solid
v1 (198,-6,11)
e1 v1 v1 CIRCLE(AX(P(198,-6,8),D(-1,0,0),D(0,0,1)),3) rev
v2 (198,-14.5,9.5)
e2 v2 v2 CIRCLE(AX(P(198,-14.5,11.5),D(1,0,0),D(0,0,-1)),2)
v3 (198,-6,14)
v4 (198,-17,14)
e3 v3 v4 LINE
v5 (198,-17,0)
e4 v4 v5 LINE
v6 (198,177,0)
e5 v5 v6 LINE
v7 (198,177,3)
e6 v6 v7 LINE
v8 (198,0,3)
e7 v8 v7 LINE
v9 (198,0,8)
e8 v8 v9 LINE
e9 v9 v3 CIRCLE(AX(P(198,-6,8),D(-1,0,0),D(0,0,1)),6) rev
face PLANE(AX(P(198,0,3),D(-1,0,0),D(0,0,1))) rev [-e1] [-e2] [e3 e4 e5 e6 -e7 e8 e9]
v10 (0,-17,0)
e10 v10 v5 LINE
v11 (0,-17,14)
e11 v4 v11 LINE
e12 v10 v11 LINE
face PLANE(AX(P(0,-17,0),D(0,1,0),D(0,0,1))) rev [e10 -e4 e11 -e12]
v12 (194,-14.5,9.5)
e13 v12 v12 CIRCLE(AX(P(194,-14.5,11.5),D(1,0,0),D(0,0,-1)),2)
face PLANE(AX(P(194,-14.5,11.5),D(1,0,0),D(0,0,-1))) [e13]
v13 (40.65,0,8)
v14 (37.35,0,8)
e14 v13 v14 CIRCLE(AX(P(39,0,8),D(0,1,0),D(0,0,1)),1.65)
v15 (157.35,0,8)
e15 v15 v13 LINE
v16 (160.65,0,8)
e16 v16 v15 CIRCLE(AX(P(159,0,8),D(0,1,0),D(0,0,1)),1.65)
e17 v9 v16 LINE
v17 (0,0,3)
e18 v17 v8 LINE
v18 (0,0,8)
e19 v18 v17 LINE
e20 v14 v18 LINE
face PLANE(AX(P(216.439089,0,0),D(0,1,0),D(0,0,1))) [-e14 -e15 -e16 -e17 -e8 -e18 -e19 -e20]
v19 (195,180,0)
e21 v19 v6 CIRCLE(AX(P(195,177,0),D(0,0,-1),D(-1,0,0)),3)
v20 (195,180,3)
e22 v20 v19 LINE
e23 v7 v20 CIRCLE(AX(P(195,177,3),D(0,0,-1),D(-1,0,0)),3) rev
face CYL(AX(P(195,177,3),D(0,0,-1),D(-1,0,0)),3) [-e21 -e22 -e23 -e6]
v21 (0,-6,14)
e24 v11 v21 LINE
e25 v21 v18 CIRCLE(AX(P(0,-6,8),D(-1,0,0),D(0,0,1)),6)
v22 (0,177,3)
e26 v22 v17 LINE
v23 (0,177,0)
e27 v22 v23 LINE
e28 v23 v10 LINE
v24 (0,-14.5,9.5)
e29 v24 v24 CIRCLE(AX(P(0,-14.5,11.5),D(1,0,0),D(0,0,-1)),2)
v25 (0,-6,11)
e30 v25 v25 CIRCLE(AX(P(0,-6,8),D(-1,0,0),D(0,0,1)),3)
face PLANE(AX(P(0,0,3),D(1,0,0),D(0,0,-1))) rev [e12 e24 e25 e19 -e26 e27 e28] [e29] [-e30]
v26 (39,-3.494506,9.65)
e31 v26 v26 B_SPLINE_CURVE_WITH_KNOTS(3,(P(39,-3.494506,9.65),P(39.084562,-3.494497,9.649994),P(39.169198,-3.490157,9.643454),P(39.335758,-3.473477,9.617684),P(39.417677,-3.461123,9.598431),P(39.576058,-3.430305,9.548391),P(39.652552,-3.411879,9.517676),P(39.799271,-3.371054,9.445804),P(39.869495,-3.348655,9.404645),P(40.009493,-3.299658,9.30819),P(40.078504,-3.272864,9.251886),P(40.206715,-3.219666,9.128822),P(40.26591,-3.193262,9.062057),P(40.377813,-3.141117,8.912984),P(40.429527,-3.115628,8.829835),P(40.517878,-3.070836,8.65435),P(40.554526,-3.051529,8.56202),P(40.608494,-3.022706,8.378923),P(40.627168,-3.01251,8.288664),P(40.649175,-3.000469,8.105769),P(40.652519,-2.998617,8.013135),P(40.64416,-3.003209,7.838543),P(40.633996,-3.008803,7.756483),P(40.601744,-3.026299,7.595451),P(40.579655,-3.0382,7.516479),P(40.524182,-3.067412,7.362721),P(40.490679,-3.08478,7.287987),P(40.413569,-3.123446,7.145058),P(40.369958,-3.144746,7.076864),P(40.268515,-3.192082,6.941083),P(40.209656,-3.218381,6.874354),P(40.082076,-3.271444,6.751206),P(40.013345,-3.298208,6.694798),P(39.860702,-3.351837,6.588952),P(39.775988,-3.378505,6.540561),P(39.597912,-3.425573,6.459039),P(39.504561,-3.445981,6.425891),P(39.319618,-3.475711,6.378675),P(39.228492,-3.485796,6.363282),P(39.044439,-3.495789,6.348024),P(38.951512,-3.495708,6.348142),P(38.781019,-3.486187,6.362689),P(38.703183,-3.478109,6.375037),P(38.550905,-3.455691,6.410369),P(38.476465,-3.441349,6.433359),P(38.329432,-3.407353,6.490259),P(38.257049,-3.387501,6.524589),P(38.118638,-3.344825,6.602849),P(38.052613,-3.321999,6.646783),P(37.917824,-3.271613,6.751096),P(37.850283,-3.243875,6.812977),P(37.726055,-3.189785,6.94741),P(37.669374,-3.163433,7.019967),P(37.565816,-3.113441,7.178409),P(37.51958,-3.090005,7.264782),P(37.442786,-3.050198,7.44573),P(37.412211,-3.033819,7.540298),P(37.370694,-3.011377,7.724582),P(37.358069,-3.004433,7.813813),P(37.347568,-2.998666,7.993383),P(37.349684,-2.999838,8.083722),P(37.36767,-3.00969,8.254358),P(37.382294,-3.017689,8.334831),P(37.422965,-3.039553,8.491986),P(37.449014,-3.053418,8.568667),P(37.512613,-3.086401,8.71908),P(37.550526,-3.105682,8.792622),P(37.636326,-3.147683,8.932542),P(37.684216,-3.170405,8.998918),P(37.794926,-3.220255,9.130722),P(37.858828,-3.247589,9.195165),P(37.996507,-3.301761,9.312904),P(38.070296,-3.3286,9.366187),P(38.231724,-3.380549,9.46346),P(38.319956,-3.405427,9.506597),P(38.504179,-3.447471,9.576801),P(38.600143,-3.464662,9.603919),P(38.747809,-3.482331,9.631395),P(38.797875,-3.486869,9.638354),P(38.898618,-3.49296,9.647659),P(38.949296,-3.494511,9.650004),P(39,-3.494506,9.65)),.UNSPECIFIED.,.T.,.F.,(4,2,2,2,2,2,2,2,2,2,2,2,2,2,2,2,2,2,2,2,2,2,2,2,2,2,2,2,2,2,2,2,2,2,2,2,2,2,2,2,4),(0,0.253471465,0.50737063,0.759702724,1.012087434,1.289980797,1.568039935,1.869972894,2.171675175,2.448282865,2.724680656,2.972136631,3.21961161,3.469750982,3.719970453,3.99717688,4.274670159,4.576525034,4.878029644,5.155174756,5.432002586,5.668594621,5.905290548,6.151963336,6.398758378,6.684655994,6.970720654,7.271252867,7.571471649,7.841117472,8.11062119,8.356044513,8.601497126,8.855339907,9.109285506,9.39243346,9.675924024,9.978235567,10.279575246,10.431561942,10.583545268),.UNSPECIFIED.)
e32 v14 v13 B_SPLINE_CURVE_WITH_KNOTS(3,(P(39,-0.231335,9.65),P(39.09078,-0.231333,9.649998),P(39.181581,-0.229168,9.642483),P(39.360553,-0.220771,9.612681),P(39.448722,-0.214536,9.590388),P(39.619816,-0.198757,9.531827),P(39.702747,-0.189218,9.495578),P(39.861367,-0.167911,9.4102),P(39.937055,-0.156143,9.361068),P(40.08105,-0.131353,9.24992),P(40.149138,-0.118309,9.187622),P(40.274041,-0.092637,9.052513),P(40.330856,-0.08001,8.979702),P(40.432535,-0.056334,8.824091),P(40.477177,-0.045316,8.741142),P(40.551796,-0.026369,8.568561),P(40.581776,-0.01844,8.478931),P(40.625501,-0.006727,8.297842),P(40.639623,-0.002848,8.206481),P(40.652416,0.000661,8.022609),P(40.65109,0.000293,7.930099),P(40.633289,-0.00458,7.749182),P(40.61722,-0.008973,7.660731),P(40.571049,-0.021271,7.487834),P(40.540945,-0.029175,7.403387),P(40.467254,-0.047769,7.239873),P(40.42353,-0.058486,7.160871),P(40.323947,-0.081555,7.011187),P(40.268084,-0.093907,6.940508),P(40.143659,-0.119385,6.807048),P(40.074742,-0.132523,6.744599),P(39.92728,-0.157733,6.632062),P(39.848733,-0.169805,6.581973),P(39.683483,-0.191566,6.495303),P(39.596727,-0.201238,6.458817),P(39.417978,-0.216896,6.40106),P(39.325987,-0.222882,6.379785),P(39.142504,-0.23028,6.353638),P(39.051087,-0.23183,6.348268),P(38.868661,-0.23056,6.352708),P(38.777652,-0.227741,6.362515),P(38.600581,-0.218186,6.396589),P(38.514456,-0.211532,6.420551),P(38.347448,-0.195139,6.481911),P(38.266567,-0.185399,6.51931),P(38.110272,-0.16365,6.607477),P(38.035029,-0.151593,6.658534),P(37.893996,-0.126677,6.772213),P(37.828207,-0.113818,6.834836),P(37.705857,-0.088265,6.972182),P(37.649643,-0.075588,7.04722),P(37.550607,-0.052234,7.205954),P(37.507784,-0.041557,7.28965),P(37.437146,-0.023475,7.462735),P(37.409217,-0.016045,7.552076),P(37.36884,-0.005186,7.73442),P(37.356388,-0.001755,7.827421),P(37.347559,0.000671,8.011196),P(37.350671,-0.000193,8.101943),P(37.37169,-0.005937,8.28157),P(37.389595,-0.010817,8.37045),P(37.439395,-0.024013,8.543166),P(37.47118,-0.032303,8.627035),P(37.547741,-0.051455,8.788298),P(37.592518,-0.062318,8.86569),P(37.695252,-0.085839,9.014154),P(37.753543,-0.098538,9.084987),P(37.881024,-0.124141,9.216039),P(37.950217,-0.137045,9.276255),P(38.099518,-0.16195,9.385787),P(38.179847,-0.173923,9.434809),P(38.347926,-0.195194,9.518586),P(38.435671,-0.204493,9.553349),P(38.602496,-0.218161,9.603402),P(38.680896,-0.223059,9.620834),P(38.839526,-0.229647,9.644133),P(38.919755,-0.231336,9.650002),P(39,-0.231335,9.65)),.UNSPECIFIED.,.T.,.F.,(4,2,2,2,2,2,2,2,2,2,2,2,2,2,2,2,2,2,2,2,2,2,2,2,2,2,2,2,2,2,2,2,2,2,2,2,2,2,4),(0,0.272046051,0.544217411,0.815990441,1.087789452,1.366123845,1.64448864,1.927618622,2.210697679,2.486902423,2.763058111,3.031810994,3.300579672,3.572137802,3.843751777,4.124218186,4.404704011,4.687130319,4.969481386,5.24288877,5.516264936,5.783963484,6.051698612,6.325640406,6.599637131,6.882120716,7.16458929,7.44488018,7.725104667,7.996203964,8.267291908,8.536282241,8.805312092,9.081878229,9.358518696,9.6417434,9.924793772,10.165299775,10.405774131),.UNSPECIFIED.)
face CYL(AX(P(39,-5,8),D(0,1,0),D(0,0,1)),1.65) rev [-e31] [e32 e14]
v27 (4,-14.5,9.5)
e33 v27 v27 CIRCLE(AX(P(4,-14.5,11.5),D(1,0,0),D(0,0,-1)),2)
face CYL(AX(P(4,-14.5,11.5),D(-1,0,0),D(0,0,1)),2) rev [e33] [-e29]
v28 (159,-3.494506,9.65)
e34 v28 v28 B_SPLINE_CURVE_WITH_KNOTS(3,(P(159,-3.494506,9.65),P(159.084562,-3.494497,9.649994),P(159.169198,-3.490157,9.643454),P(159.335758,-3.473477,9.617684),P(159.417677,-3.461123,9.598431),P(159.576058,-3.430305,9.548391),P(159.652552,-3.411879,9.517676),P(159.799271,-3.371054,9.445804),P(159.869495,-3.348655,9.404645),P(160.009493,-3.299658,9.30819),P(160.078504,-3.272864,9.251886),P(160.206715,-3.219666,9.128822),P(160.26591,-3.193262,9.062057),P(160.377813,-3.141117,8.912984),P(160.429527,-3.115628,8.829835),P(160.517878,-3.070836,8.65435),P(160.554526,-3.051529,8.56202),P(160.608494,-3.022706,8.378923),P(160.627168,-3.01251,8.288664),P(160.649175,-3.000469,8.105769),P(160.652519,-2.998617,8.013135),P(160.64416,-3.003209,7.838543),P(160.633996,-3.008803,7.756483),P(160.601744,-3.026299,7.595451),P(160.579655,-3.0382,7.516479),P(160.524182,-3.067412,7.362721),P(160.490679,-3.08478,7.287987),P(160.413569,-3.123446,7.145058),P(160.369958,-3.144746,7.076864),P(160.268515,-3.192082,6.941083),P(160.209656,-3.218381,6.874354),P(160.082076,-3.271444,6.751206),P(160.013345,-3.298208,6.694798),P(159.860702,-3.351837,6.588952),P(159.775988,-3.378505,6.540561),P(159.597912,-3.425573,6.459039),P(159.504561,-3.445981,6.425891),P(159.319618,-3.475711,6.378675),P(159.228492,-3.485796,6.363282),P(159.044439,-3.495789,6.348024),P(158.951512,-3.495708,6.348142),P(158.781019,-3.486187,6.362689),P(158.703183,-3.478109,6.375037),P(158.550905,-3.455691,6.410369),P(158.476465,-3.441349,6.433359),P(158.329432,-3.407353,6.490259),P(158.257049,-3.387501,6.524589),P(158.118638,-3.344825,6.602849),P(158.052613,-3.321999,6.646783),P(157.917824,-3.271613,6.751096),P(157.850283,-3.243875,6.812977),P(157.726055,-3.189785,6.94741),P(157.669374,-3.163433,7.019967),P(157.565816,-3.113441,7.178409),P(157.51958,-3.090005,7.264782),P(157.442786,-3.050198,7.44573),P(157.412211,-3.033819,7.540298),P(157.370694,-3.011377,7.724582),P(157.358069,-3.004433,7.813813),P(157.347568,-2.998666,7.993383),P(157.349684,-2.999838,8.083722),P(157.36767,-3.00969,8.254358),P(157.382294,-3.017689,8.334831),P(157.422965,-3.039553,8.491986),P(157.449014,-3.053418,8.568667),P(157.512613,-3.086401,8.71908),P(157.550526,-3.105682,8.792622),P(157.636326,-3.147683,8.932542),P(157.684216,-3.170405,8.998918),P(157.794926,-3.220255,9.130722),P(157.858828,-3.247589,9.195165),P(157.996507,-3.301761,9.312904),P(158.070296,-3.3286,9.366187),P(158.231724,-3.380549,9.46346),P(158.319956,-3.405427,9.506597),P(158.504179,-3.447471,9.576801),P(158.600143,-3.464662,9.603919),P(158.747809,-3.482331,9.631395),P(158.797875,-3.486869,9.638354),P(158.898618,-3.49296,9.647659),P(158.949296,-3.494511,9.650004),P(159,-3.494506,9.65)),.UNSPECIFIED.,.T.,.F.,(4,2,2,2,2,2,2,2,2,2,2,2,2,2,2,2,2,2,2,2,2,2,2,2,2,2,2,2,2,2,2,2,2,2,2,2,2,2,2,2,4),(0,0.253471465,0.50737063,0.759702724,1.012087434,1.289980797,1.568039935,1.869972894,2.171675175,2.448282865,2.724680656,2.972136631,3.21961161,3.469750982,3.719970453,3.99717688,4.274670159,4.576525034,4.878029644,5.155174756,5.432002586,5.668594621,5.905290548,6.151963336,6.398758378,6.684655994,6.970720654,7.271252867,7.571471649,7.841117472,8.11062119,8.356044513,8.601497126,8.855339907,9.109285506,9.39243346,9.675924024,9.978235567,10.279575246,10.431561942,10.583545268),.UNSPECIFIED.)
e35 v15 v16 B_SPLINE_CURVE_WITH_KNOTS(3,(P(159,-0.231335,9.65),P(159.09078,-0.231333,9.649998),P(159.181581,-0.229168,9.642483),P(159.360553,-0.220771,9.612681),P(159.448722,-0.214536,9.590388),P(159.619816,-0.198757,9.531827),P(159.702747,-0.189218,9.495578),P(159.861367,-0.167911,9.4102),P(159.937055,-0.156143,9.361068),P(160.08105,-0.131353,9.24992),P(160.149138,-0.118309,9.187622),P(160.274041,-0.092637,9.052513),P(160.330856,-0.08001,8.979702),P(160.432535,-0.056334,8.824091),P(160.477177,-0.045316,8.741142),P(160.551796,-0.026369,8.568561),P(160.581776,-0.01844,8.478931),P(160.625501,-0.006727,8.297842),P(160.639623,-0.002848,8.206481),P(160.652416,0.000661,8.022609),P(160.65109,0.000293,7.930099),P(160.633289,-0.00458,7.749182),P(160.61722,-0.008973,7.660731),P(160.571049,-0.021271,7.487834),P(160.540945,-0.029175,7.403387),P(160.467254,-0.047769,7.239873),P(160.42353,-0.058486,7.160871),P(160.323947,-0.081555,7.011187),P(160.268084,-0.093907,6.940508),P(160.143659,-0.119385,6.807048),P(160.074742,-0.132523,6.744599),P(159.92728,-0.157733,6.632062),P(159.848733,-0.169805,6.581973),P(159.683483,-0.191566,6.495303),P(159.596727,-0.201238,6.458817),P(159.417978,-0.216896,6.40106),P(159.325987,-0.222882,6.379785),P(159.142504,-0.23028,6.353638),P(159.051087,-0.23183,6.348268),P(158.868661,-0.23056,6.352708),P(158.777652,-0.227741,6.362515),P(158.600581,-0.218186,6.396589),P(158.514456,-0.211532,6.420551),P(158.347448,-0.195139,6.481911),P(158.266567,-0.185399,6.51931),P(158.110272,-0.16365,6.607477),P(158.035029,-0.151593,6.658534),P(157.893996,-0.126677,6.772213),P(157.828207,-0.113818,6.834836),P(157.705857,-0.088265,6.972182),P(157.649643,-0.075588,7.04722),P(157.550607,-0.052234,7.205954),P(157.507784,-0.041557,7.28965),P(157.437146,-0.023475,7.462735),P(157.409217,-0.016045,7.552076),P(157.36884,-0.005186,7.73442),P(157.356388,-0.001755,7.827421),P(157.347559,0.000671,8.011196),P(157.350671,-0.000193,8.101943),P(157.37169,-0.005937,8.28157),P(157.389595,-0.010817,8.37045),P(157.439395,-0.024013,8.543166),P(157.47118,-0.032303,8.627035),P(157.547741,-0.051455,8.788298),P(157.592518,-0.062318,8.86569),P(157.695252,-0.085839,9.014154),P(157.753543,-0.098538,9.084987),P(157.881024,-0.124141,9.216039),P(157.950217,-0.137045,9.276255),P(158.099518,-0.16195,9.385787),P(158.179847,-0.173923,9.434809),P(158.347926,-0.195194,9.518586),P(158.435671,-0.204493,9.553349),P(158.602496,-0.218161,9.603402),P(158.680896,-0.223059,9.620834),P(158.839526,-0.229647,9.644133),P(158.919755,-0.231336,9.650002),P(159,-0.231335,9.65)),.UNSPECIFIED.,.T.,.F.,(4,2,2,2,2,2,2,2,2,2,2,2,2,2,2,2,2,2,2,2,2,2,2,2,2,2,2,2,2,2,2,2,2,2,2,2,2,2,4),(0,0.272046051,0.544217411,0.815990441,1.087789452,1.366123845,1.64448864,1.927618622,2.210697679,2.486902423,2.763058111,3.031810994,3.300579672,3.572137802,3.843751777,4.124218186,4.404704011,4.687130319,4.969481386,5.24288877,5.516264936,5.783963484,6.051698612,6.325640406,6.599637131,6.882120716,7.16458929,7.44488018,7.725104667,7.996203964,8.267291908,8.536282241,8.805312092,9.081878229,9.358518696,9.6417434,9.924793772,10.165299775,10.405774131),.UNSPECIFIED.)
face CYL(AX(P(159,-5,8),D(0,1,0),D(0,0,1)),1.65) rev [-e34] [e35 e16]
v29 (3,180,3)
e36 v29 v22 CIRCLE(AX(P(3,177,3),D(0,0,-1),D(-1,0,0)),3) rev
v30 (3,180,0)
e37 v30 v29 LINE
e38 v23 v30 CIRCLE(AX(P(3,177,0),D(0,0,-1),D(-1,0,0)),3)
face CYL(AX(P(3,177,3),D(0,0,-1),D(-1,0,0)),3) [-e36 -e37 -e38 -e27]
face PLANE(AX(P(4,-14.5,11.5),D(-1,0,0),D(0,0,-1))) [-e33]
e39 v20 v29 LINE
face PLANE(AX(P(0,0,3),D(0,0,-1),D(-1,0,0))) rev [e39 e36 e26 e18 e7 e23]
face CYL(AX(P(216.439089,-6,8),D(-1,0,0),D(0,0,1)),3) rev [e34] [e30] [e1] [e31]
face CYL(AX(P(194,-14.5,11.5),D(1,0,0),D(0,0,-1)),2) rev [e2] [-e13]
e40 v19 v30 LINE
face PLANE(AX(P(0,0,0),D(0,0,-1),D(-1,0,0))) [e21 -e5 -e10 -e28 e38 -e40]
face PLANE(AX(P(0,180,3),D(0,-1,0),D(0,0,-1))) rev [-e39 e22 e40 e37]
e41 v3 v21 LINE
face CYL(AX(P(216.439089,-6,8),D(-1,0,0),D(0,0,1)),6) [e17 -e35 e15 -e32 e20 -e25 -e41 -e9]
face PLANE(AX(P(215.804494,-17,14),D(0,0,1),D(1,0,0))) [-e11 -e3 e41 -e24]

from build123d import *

# Parameters (mm, degrees)
SKETCH1_W           = 198
SKETCH1_H           = 180
BOSS_EXTRUDE1_DEPTH = 3
SKETCH3_R           = 3
BOSS_EXTRUDE2_DEPTH = 198
SKETCH12_R          = 1.65
CUT_EXTRUDE1_DEPTH  = 5
SKETCH4_W           = 198
SKETCH4_H           = 3
BOSS_EXTRUDE3_DEPTH = 17
SKETCH10_W          = 198
SKETCH10_H          = 2
BOSS_EXTRUDE7_DEPTH = 10
FILLET2_R           = 3
BOSS_EXTRUDE8_DEPTH = 198
SKETCH15_R          = 2
CUT_EXTRUDE4_DEPTH  = 4


with BuildPart() as part:
    # Sketch1 → Boss-Extrude1 (new body)
    with BuildSketch(Plane.XY):
        with Locations((99, 90)):
            Rectangle(SKETCH1_W, SKETCH1_H)
    extrude(amount=BOSS_EXTRUDE1_DEPTH)

    # Sketch3 → Boss-Extrude2 (add)
    with BuildSketch(Plane.ZY):
        with BuildLine():
            Line((0, 0), (8, 0))
            ThreePointArc((8, 0), (14, -6), (8, -12))
            Line((8, -12), (0, -12))
            Line((0, -12), (0, 0))
        make_face()
        with Locations((8, -6)):
            Circle(SKETCH3_R, mode=Mode.SUBTRACT)
    extrude(amount=-BOSS_EXTRUDE2_DEPTH)

    # Sketch12 → Cut-Extrude1 (cut)
    with BuildSketch(Plane(origin=(0, 0, 0), x_dir=(1, 0, 0), z_dir=(0, 1, 0))):
        with Locations((39, -8)):
            Circle(SKETCH12_R)
        with Locations((159, -8)):
            Circle(SKETCH12_R)
    extrude(amount=-CUT_EXTRUDE1_DEPTH, mode=Mode.SUBTRACT)

    # Sketch4 → Boss-Extrude3 (add)
    with BuildSketch(Plane.XZ):
        with Locations((99, 1.5)):
            Rectangle(SKETCH4_W, SKETCH4_H)
    extrude(amount=BOSS_EXTRUDE3_DEPTH)

    # Sketch10 → Boss-Extrude7 (add)
    with BuildSketch(Plane.XY.offset(3)):
        with Locations((99, -16)):
            Rectangle(SKETCH10_W, SKETCH10_H)
    extrude(amount=BOSS_EXTRUDE7_DEPTH)

    # Fillet2
    fillet2_edges = [part.edges().sort_by_distance(p)[0] for p in [
        (198, 180, 1.5),
        (0, 180, 1.5),
        (0, -17, 6.5),
        (198, -17, 6.5),
    ]]
    fillet(fillet2_edges, radius=FILLET2_R)

    # Sketch11 → Boss-Extrude8 (add)
    with BuildSketch(Plane.ZY):
        with BuildLine():
            Line((11, -6), (14, -6))
            Line((14, -6), (14, -17))
            Line((14, -17), (0, -17))
            Line((0, -17), (0, -6))
            Line((0, -6), (5, -6))
            ThreePointArc((5, -6), (8, -9), (11, -6))
        make_face()
    extrude(amount=-BOSS_EXTRUDE8_DEPTH)

    # Sketch15 → Cut-Extrude4 (cut)
    with BuildSketch(Plane(origin=(198, 0, 0), x_dir=(0, 0, -1), z_dir=(1, 0, 0))):
        with Locations((-11.5, -14.5)):
            Circle(SKETCH15_R)
    cut_extrude4 = extrude(amount=-CUT_EXTRUDE4_DEPTH, mode=Mode.SUBTRACT)

    # Mirror3: Cut-Extrude4 across plane
    add(cut_extrude4.mirror(Plane.ZY.offset(-99)), mode=Mode.SUBTRACT)


solid = part.part
